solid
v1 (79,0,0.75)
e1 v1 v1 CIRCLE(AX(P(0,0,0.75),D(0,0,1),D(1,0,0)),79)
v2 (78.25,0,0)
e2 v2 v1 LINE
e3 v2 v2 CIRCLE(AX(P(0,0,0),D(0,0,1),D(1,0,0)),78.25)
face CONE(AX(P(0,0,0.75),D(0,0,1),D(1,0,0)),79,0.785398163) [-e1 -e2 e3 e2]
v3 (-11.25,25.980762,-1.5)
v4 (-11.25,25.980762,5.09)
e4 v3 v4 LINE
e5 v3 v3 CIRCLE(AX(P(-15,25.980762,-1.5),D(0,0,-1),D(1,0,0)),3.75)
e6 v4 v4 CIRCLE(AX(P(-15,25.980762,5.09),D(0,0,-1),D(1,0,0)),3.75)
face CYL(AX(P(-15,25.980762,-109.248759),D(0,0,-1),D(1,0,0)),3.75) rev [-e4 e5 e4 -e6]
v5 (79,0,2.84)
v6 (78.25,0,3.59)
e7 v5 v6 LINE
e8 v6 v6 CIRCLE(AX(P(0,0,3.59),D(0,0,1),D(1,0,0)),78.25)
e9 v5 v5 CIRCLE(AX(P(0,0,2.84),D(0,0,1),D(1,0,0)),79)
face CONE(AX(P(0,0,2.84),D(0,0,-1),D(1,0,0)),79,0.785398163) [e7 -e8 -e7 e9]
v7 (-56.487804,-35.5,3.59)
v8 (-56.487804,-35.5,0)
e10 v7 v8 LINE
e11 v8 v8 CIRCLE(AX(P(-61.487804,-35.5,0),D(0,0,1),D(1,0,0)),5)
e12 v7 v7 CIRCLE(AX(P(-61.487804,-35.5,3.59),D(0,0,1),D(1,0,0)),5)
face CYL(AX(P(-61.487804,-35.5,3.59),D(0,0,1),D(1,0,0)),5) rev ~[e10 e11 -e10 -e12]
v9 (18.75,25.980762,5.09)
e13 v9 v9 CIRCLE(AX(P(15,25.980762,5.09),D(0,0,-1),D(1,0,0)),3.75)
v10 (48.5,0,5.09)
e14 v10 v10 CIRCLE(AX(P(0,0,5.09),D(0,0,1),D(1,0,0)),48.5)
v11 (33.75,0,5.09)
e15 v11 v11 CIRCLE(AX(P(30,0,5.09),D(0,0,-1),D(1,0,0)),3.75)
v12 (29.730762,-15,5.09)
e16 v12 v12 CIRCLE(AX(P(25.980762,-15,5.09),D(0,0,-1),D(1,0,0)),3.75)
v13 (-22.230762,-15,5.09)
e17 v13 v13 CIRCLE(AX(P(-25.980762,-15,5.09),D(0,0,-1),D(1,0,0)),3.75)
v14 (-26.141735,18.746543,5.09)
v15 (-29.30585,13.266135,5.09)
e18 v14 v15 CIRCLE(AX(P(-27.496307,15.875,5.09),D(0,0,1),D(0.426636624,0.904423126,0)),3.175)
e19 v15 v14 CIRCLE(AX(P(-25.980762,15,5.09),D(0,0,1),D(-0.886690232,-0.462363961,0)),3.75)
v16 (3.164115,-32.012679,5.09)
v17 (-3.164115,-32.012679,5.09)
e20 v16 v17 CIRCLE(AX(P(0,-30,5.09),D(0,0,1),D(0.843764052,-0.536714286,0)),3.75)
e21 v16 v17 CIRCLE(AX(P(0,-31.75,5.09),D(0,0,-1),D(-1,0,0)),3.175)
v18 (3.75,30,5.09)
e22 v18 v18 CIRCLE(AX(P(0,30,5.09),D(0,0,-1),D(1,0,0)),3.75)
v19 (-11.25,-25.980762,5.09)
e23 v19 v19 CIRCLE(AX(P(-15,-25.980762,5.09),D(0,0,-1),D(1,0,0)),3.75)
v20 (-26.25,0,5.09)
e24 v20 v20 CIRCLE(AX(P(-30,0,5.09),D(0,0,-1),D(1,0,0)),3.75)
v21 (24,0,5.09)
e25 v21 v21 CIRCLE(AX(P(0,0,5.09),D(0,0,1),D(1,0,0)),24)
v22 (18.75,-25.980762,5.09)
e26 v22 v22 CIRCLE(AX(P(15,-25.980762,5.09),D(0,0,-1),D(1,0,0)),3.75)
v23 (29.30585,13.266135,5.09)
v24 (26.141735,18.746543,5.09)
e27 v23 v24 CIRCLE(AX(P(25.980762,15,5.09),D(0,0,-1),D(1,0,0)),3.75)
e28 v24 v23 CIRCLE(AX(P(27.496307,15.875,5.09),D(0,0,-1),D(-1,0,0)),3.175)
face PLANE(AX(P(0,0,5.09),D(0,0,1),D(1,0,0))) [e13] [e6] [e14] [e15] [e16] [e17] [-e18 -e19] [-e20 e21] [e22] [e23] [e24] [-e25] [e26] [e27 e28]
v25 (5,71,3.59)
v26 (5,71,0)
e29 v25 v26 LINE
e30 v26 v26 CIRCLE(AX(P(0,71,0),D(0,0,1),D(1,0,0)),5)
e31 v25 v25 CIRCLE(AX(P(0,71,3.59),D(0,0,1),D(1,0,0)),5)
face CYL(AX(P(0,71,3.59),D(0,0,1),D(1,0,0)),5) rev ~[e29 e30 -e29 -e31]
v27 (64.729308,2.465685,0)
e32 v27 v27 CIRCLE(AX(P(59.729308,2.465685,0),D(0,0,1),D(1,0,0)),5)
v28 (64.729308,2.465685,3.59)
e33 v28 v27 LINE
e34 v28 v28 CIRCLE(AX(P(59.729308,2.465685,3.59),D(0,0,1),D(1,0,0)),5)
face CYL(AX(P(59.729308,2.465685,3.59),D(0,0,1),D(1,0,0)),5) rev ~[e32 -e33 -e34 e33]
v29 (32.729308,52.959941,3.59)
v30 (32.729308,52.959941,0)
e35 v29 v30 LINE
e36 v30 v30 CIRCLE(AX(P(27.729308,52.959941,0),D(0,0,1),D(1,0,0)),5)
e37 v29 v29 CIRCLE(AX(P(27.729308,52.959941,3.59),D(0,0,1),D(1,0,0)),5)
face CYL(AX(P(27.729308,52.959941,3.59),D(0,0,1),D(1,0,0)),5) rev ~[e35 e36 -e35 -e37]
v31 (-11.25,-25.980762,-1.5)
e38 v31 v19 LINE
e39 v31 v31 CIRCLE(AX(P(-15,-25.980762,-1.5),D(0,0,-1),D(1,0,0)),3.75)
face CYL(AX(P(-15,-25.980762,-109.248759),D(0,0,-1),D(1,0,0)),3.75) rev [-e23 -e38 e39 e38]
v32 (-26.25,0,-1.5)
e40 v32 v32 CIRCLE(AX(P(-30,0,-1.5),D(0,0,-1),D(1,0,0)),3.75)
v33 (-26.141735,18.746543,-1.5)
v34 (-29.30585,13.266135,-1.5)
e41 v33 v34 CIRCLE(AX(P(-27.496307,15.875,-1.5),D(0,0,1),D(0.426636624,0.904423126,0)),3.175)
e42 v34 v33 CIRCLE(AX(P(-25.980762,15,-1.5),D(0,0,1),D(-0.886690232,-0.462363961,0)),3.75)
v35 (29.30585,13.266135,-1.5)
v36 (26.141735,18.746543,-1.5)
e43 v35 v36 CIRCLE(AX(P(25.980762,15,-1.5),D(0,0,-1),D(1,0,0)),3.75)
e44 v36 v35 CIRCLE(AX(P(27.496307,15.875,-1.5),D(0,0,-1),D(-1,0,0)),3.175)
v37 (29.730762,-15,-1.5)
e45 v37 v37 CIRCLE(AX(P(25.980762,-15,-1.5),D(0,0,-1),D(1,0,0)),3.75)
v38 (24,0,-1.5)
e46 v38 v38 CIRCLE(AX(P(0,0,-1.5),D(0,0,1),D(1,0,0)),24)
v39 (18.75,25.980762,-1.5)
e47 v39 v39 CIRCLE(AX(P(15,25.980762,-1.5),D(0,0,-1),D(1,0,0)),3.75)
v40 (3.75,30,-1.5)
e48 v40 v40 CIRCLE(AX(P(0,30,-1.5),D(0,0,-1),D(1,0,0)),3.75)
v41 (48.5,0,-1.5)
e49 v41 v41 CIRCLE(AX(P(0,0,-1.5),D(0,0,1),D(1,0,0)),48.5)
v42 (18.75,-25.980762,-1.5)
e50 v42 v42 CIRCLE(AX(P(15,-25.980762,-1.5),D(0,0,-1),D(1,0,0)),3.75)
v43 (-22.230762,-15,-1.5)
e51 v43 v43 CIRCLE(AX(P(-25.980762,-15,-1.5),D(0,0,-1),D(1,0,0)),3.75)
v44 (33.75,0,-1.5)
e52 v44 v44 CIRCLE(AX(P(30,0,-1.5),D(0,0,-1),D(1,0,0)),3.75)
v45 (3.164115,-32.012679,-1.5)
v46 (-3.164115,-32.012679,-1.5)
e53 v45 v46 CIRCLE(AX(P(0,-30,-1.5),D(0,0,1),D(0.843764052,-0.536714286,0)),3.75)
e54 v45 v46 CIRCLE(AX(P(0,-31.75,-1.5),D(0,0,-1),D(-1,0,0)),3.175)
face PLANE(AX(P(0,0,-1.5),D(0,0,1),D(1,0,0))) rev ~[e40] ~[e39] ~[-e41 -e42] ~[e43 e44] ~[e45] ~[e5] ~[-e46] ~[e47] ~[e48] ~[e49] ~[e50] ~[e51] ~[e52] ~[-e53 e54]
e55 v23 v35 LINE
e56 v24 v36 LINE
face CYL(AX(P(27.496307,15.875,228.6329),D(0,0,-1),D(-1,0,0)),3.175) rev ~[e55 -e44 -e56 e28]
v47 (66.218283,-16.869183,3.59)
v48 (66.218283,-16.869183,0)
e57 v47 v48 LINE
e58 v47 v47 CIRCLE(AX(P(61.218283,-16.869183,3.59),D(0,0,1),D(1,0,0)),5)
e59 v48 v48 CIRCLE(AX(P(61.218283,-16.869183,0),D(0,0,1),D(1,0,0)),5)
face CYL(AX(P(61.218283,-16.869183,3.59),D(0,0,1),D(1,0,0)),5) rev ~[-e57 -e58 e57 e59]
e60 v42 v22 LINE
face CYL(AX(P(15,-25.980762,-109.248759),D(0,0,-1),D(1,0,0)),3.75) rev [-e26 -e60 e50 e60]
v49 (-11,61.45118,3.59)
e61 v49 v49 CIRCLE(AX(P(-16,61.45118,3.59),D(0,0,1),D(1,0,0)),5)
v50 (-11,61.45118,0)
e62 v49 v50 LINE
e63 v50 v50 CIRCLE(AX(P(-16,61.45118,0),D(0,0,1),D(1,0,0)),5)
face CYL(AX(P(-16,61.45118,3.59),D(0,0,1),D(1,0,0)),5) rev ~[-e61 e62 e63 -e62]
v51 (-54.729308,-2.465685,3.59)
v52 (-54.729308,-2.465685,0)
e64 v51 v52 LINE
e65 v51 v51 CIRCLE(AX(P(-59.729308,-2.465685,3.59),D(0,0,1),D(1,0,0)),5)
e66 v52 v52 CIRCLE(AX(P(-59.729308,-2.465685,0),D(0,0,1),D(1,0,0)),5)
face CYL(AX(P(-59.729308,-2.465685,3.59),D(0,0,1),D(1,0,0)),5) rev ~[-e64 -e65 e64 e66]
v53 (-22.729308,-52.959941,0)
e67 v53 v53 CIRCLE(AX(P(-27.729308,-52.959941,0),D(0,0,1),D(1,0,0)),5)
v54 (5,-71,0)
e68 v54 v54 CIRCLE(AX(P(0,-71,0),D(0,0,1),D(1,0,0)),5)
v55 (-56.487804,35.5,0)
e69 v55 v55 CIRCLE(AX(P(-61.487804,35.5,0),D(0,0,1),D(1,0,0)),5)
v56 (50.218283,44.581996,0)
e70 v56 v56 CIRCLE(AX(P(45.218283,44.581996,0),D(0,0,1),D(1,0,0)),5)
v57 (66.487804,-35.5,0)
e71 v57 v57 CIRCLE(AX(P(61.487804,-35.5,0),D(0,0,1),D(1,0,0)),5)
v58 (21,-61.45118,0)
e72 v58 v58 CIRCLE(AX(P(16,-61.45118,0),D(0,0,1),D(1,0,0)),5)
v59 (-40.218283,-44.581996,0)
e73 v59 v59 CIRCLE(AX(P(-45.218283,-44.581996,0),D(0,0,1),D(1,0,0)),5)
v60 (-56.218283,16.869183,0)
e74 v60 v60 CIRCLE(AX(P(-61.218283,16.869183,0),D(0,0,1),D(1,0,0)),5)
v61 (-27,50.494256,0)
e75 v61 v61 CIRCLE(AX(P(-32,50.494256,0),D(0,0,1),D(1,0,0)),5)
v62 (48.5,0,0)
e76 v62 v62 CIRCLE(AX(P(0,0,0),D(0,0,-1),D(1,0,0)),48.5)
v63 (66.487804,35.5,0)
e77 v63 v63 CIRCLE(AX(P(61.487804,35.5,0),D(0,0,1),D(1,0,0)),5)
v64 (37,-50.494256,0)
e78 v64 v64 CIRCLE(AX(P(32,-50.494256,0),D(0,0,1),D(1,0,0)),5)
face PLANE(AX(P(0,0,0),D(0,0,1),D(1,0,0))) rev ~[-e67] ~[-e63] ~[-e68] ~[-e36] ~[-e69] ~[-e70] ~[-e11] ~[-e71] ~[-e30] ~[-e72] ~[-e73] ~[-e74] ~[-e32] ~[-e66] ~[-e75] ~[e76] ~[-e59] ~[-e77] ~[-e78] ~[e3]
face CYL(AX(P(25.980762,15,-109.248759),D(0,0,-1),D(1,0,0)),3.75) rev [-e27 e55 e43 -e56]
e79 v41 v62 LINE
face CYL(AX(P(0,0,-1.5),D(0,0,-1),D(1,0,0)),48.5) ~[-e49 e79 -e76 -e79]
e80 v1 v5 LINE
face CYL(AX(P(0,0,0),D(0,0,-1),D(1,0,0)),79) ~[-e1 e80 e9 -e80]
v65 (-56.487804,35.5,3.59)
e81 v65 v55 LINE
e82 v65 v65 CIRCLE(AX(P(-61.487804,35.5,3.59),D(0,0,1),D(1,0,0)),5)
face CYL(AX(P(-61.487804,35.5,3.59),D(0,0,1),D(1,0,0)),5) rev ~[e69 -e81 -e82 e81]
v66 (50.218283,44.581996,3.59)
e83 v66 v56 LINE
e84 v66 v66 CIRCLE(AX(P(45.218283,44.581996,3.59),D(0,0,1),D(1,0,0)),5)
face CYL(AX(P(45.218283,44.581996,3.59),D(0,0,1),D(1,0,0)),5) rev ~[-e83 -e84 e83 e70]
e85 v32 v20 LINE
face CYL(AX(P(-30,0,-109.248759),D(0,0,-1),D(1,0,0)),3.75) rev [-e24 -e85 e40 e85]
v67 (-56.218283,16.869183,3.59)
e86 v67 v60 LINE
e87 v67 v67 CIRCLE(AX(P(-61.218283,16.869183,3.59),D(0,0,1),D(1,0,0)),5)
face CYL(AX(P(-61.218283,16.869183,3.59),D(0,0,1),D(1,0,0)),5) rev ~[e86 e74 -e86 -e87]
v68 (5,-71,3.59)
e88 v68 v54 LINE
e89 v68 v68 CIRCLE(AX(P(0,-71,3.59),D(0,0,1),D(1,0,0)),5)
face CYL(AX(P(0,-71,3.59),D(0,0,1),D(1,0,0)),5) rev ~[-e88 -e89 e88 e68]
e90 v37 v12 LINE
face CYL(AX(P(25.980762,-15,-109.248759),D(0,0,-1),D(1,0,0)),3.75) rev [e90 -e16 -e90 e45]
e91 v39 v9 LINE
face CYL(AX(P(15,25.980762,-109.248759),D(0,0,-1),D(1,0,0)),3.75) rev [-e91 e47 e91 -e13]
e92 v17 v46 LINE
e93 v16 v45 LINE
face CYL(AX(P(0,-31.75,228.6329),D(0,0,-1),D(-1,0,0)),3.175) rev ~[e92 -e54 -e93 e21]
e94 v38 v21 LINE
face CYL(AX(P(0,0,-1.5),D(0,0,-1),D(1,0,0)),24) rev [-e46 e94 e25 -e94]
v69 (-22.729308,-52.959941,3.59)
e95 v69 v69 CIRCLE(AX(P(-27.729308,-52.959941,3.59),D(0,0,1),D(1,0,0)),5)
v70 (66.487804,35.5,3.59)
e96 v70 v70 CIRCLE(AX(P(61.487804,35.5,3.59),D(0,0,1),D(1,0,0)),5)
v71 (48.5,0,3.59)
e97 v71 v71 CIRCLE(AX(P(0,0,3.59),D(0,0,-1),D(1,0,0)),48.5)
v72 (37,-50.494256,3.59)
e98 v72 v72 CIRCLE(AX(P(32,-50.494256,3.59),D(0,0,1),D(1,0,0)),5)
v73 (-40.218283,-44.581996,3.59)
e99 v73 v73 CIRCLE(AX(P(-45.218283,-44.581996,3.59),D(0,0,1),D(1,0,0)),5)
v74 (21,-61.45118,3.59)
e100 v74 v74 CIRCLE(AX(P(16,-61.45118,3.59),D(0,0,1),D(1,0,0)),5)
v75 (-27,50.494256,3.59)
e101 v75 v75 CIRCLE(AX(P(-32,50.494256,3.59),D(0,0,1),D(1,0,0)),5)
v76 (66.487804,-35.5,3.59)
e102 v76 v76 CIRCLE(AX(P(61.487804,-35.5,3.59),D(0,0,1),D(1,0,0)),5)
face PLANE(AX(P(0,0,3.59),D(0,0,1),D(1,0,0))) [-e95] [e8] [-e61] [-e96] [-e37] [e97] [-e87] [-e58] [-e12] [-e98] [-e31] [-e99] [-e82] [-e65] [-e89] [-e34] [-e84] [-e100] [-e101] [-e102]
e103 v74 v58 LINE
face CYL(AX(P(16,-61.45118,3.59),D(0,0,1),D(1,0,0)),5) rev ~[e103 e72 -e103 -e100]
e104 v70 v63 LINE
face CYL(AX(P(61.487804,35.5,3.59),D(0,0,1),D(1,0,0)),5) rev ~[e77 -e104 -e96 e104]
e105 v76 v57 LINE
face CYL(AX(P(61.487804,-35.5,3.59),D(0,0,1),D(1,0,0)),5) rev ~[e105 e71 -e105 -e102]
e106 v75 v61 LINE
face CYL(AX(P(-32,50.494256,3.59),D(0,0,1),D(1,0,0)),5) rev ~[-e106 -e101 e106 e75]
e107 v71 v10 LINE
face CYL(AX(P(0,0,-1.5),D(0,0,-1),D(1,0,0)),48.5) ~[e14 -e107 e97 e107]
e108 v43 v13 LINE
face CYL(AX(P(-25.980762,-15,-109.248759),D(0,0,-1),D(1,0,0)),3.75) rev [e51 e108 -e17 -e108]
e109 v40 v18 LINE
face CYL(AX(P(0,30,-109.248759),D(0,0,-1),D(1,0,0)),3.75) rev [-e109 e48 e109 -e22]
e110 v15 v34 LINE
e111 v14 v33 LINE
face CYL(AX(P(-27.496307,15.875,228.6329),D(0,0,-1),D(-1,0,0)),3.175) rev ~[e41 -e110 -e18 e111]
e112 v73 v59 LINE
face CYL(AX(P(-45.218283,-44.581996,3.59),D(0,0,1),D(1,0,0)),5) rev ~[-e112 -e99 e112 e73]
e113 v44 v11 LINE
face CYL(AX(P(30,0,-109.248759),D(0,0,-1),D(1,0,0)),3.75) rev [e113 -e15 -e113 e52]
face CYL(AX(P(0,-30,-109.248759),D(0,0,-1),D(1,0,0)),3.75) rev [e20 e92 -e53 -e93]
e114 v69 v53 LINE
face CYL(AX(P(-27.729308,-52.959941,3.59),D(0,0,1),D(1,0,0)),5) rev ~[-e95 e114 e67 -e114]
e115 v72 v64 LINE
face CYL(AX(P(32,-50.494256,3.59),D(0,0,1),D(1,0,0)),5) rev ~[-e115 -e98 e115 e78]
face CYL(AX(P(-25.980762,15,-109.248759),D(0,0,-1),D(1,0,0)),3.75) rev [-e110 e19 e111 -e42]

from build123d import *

# Parameters (mm, degrees)
SKETCH2_R                   = 79
SKETCH2_R_2                 = 24
BOSS_EXTRUDE1_DEPTH         = 3.59
BOSS_EXTRUDE2_DEPTH         = 1.5
BOSS_EXTRUDE2_DEPTH_BACK    = 5.09
SKETCH5_R                   = 48.5
SKETCH5_R_2                 = 24
CUT_EXTRUDE2_DEPTH          = 112.838759382
CUT_EXTRUDE2_DEPTH_BACK     = 112.838759382
SKETCH3_R                   = 3.75
SKETCH6_R                   = 5
CUT_EXTRUDE3_DEPTH          = 112.838759382
CHAMFER1_SIZE               = 0.75
F_1_4_0_25_DIAMETER_HOLE2_D = 6.35


with BuildPart() as part:
    # Sketch2 → Boss-Extrude1 (new body)
    with BuildSketch(Plane.XY):
        Circle(SKETCH2_R)
        Circle(SKETCH2_R_2, mode=Mode.SUBTRACT)
    extrude(amount=BOSS_EXTRUDE1_DEPTH)

    # Sketch5 → Boss-Extrude2 (add, two sides: drawn at the far end of the back side and taken through both)
    with BuildSketch(Plane.XY.offset(3.59).offset(-BOSS_EXTRUDE2_DEPTH_BACK)):
        Circle(SKETCH5_R)
        Circle(SKETCH5_R_2, mode=Mode.SUBTRACT)
    extrude(amount=BOSS_EXTRUDE2_DEPTH + BOSS_EXTRUDE2_DEPTH_BACK)

    # Sketch3 → Cut-Extrude2 (cut, two sides: drawn at the far end of the back side and taken through both)
    with BuildSketch(Plane.XY.offset(3.59).offset(-CUT_EXTRUDE2_DEPTH_BACK)):
        with Locations((0, -30)):
            Circle(SKETCH3_R)
        with Locations((-15, -25.980762114)):
            Circle(SKETCH3_R)
        with Locations((-25.980762114, -15)):
            Circle(SKETCH3_R)
        with Locations((-30, 0)):
            Circle(SKETCH3_R)
        with Locations((-25.980762114, 15)):
            Circle(SKETCH3_R)
        with Locations((-15, 25.980762114)):
            Circle(SKETCH3_R)
        with Locations((0, 30)):
            Circle(SKETCH3_R)
        with Locations((15, 25.980762114)):
            Circle(SKETCH3_R)
        with Locations((25.980762114, 15)):
            Circle(SKETCH3_R)
        with Locations((30, 0)):
            Circle(SKETCH3_R)
        with Locations((25.980762114, -15)):
            Circle(SKETCH3_R)
        with Locations((15, -25.980762114)):
            Circle(SKETCH3_R)
    extrude(amount=CUT_EXTRUDE2_DEPTH + CUT_EXTRUDE2_DEPTH_BACK, mode=Mode.SUBTRACT)

    # Sketch6 → Cut-Extrude3 (cut, through all)
    with BuildSketch(Plane.XY.offset(3.59)):
        with Locations((0, -71)):
            Circle(SKETCH6_R)
        with Locations((16, -61.451179551)):
            Circle(SKETCH6_R)
        with Locations((32, -50.494256022)):
            Circle(SKETCH6_R)
        with Locations((-61.487803669, -35.5)):
            Circle(SKETCH6_R)
        with Locations((-61.487803669, 35.5)):
            Circle(SKETCH6_R)
        with Locations((0, 71)):
            Circle(SKETCH6_R)
        with Locations((61.487803669, 35.5)):
            Circle(SKETCH6_R)
        with Locations((61.487803669, -35.5)):
            Circle(SKETCH6_R)
        with Locations((-45.218282583, -44.581996236)):
            Circle(SKETCH6_R)
        with Locations((-61.218282583, 16.869183315)):
            Circle(SKETCH6_R)
        with Locations((-16, 61.451179551)):
            Circle(SKETCH6_R)
        with Locations((45.218282583, 44.581996236)):
            Circle(SKETCH6_R)
        with Locations((61.218282583, -16.869183315)):
            Circle(SKETCH6_R)
        with Locations((-27.72930846, -52.959940932)):
            Circle(SKETCH6_R)
        with Locations((-59.72930846, -2.46568491)):
            Circle(SKETCH6_R)
        with Locations((-32, 50.494256022)):
            Circle(SKETCH6_R)
        with Locations((27.72930846, 52.959940932)):
            Circle(SKETCH6_R)
        with Locations((59.72930846, 2.46568491)):
            Circle(SKETCH6_R)
    extrude(amount=-CUT_EXTRUDE3_DEPTH, mode=Mode.SUBTRACT)

    # Chamfer1
    chamfer1_edges = [part.edges().sort_by_distance(p)[0] for p in [
        (-79, 0, 0),
        (-79, 0, 3.59),
    ]]
    chamfer(chamfer1_edges, length=CHAMFER1_SIZE)

    # 1/4 (0.25) Diameter Hole2 (through all)
    with Locations(Plane.XY.offset(5.09)):
        with Locations((27.49630657, 15.875), (0, -31.75), (-27.49630657, 15.875)):
            Hole(F_1_4_0_25_DIAMETER_HOLE2_D / 2)


solid = part.part
